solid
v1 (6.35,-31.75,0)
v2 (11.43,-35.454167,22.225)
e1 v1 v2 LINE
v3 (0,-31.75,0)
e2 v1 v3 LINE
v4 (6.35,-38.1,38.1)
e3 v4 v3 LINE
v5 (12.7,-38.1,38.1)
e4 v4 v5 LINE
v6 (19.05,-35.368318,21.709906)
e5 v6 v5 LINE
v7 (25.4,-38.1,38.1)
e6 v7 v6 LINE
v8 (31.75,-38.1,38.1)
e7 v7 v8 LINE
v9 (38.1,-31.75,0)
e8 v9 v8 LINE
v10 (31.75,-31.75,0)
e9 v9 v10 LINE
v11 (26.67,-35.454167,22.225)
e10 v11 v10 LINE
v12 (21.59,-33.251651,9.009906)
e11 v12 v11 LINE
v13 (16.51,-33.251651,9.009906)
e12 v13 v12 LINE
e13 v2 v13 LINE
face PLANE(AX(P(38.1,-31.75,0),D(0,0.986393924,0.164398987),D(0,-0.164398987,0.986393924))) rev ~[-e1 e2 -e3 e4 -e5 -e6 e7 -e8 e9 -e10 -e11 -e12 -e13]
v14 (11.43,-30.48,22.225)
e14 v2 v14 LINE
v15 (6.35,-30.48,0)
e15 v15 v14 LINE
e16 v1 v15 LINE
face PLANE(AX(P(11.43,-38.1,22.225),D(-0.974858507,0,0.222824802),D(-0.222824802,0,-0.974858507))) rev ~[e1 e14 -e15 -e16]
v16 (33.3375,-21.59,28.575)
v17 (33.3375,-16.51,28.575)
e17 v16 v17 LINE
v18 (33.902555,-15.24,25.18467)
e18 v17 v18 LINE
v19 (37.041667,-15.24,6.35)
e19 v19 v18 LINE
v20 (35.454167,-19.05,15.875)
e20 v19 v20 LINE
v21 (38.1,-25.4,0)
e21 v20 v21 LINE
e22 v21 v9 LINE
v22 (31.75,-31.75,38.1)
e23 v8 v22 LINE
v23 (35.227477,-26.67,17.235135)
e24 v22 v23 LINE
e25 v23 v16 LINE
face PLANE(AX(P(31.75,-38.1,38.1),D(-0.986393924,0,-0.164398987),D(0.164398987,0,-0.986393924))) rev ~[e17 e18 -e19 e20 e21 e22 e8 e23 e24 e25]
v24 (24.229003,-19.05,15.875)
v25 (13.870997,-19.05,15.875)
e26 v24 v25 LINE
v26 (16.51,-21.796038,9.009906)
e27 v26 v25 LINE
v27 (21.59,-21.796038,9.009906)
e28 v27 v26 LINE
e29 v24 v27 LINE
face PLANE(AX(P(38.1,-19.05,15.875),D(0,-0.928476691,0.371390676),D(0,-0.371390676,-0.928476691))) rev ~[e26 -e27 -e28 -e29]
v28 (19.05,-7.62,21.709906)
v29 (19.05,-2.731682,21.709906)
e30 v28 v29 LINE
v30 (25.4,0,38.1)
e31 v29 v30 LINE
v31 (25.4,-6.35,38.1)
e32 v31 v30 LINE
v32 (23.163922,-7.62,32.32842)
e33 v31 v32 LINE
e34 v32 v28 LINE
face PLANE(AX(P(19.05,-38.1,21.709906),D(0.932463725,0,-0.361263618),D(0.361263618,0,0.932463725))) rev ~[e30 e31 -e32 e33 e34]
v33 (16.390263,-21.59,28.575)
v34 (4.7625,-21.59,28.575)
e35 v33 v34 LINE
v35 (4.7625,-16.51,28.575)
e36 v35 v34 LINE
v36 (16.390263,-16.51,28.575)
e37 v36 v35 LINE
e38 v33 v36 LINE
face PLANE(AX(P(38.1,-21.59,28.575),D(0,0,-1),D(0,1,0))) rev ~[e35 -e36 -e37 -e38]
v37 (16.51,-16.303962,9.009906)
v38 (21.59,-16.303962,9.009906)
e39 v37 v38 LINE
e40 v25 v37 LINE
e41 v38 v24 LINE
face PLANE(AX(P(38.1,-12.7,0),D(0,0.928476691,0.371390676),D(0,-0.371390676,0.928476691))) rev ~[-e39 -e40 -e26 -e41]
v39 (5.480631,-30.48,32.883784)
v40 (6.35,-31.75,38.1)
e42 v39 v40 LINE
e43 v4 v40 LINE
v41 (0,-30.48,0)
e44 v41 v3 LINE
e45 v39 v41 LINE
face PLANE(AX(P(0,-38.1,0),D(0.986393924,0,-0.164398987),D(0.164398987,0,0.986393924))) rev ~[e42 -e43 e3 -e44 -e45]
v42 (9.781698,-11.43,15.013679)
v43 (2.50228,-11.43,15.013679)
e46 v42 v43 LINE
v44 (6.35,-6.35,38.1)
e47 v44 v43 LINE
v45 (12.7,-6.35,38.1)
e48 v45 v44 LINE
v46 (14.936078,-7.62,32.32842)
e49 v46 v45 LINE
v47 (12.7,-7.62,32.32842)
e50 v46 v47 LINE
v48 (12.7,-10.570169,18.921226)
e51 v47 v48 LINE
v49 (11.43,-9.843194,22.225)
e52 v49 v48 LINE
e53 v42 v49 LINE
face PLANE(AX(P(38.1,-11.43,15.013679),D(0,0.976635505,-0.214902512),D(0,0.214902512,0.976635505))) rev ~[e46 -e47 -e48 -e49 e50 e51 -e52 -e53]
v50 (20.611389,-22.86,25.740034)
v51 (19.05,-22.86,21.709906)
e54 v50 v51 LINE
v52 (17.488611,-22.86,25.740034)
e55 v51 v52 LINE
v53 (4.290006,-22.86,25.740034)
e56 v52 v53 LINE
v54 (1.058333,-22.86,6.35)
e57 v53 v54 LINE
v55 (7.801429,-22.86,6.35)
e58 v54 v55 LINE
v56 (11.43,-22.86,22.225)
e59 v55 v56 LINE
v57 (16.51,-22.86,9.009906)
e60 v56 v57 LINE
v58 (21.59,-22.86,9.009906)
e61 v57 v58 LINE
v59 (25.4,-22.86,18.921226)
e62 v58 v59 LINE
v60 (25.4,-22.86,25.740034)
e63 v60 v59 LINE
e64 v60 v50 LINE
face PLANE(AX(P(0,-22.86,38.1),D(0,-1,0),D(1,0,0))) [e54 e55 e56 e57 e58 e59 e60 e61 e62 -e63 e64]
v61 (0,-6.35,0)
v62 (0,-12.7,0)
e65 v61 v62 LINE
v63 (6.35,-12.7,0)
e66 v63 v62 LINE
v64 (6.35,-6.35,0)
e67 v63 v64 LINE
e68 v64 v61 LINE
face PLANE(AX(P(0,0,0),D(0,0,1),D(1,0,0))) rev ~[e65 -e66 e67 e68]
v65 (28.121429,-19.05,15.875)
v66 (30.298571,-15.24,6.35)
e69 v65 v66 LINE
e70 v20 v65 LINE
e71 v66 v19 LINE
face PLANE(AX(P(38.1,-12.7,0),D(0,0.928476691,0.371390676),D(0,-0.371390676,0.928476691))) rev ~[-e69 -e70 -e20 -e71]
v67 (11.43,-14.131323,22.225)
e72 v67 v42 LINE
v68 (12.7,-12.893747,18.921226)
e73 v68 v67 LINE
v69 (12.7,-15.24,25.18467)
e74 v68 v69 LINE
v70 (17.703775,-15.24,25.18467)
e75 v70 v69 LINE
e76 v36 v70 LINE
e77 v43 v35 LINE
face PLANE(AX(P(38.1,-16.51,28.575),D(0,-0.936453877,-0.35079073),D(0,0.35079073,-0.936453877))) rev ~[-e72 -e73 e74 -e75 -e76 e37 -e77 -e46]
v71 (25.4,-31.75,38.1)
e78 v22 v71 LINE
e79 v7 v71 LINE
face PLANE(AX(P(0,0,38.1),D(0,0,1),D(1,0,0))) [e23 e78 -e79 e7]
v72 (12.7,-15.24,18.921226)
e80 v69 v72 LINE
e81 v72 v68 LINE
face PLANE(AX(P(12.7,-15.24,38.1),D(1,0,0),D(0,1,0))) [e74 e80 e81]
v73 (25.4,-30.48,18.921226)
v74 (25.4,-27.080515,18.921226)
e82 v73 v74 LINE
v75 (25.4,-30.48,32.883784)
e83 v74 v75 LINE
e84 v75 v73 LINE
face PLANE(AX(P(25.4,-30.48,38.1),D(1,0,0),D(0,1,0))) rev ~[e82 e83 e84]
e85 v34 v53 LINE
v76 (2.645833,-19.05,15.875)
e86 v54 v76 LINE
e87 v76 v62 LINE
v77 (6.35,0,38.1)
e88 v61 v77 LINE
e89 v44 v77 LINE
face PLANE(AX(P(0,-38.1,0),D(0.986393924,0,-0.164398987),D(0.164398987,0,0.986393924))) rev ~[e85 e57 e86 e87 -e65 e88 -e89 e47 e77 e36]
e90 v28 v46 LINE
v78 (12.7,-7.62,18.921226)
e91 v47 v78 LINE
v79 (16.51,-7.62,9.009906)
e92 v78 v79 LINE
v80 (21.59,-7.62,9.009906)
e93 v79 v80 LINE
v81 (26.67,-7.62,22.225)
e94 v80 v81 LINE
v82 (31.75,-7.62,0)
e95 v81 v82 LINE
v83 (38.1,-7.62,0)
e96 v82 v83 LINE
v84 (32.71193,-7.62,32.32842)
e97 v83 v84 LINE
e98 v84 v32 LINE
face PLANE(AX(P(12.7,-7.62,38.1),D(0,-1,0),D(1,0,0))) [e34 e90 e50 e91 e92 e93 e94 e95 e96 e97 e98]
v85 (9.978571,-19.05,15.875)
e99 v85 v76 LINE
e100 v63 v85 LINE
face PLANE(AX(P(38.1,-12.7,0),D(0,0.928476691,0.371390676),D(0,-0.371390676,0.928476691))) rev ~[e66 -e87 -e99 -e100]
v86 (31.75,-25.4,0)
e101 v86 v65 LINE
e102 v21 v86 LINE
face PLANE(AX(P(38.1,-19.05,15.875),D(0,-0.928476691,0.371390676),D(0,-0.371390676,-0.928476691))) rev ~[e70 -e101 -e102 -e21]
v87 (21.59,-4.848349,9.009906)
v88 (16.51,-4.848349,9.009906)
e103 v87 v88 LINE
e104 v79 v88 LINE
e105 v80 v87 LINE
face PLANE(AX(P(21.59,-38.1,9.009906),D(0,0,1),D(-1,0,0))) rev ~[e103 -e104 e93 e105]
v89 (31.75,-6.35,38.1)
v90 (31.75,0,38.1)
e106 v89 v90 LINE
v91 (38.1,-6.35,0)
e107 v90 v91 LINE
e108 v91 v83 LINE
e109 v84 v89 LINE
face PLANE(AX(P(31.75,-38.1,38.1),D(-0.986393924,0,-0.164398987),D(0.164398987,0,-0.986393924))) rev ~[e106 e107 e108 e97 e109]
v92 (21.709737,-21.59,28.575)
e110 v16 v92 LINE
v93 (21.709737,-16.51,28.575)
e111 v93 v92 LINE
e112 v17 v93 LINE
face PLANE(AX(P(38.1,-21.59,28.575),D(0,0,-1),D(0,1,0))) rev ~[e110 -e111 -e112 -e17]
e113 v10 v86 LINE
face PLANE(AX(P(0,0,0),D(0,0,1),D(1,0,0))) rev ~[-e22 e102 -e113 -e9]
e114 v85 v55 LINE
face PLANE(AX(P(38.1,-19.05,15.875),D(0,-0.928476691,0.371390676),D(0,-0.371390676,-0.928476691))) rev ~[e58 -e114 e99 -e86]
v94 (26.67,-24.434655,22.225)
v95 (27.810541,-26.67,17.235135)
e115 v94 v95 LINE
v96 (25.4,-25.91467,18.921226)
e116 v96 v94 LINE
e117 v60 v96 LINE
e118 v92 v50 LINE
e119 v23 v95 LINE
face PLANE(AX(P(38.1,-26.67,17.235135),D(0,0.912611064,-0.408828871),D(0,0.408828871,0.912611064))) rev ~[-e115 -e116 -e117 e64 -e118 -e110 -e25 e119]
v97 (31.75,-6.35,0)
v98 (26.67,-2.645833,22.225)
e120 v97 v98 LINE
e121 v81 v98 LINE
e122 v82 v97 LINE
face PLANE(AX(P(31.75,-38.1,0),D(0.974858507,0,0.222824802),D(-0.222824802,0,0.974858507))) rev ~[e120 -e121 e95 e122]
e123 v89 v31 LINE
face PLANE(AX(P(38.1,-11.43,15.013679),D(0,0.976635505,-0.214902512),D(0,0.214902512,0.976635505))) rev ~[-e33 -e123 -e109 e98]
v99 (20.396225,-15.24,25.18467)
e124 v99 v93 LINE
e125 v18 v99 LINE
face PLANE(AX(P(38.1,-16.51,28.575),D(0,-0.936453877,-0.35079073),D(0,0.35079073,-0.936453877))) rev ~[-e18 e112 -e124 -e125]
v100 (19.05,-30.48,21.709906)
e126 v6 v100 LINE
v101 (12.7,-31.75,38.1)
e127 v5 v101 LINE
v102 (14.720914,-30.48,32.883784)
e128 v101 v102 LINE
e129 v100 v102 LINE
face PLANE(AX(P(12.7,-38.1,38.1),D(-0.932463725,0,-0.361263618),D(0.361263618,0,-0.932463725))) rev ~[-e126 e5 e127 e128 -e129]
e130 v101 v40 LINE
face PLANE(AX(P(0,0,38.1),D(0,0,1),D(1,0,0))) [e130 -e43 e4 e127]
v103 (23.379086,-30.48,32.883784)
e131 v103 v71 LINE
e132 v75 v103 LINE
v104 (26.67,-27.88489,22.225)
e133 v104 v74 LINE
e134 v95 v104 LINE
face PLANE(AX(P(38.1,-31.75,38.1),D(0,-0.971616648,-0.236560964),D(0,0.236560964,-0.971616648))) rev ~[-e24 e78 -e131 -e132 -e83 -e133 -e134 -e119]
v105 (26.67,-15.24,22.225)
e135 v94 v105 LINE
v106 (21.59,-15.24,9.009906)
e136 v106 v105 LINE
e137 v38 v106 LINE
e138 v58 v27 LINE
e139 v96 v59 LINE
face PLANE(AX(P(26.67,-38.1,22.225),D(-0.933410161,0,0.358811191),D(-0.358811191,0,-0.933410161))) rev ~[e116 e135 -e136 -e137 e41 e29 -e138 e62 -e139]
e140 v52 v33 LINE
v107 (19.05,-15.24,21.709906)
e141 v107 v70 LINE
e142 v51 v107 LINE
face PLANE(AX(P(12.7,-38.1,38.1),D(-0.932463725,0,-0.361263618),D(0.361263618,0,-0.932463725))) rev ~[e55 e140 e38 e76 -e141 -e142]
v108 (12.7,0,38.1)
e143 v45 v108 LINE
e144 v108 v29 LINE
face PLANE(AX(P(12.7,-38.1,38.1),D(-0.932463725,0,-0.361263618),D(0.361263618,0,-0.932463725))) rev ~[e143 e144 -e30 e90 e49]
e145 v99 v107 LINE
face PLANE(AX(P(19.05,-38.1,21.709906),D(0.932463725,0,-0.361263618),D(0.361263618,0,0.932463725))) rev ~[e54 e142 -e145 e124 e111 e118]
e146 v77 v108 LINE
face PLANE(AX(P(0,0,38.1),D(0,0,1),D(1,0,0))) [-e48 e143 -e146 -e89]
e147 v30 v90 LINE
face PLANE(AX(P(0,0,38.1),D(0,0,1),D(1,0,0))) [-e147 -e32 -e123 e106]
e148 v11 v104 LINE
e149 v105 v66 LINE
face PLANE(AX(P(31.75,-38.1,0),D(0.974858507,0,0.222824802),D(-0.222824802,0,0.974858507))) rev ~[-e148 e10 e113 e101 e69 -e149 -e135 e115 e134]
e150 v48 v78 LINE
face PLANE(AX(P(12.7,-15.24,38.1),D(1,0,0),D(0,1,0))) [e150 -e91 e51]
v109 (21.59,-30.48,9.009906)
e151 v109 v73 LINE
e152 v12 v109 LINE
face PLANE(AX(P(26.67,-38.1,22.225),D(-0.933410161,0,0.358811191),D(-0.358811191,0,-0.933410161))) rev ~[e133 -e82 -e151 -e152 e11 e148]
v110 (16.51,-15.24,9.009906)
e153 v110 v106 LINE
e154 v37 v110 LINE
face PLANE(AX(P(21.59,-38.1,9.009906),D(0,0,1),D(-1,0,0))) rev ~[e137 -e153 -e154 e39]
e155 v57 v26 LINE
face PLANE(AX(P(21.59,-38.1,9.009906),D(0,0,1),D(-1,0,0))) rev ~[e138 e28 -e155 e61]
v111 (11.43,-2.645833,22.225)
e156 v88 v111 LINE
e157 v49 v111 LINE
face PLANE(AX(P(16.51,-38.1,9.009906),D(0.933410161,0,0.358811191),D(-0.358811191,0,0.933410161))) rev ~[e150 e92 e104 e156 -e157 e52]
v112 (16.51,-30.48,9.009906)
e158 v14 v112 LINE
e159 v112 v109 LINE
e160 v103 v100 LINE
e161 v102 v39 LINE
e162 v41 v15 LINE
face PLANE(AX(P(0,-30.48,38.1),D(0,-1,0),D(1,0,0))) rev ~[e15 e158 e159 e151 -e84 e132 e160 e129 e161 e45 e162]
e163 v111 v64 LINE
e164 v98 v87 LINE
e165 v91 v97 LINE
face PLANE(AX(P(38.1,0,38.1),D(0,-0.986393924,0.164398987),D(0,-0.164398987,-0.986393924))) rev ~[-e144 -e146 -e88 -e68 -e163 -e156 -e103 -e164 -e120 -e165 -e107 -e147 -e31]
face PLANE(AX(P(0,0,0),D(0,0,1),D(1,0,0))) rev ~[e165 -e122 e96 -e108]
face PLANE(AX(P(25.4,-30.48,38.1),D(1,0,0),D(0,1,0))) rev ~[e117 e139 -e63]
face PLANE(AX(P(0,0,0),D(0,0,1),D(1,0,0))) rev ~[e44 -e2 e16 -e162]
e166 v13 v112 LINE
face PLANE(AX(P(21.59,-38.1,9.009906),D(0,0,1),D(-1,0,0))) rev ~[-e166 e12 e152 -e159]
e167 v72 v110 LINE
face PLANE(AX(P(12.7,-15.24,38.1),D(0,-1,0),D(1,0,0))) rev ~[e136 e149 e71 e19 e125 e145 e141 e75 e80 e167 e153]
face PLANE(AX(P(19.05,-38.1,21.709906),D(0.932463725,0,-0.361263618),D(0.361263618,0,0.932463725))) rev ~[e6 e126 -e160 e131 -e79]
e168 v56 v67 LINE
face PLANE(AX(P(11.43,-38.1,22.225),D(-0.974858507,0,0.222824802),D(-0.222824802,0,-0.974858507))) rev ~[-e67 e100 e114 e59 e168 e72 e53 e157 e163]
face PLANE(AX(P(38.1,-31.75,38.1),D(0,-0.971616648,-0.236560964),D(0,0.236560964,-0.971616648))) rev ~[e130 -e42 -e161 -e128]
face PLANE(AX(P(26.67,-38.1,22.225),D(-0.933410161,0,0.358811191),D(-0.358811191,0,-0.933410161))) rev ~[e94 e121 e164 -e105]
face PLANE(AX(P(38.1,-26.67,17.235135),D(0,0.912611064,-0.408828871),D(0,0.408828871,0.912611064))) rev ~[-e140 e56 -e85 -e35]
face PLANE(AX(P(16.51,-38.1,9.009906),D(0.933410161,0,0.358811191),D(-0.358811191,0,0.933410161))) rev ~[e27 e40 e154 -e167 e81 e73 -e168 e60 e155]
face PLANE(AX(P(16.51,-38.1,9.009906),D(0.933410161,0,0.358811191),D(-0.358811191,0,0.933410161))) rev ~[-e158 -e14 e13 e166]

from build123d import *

# Parameters (mm, degrees)
F0_W      = 38.1
F0_H      = 38.1
F1_DEPTH  = 38.1
F6_DEPTH  = 38.1
F8_DEPTH  = 38.1
F9_W      = 25.4
F9_H      = 7.62
F10_DEPTH = 38.1


with BuildPart() as f1:
    # F0 (on Front) → F1 (new body)
    with BuildSketch(Plane.XZ):
        with Locations((19.05, 19.05)):
            Rectangle(F0_W, F0_H)
    extrude(amount=F1_DEPTH)

    # F5 (on offset) → F6 (cut)
    with BuildSketch(Plane.YZ.offset(38.1)):
        Polygon((-11.43, 15.013679), (-6.35, 38.1), (-31.75, 38.1), (-26.67, 17.235135), (-21.59, 28.575), (-16.51, 28.575), align=None)
        Polygon((0, 0), (0, 38.1), (-6.35, 0), align=None)
        Polygon((-25.4, 0), (-12.7, 0), (-19.05, 15.875), align=None)
        Polygon((-31.75, 0), (-38.1, 38.1), (-38.1, 0), align=None)
    extrude(amount=-F6_DEPTH, mode=Mode.SUBTRACT)

    # F7 (on offset) → F8 (cut)
    with BuildSketch(Plane.XZ.offset(38.1)):
        Polygon((0, 38.1), (0, 0), (6.35, 38.1), align=None)
        Polygon((25.4, 38.1), (12.7, 38.1), (19.05, 21.709906), align=None)
        Polygon((31.75, 38.1), (38.1, 0), (38.1, 38.1), align=None)
        Polygon((11.43, 22.225), (6.35, 0), (31.75, 0), (26.67, 22.225), (21.59, 9.009906), (16.51, 9.009906), align=None)
    extrude(amount=-F8_DEPTH, mode=Mode.SUBTRACT)

    # F9 (on offset) → F10 (cut)
    with BuildSketch(Plane.XY.offset(38.1)):
        with Locations((12.7, -26.67)):
            Rectangle(F9_W, F9_H)
        with Locations((25.4, -11.43)):
            Rectangle(F9_W, F9_H)
    extrude(amount=-F10_DEPTH, mode=Mode.SUBTRACT)


solid = f1.part
